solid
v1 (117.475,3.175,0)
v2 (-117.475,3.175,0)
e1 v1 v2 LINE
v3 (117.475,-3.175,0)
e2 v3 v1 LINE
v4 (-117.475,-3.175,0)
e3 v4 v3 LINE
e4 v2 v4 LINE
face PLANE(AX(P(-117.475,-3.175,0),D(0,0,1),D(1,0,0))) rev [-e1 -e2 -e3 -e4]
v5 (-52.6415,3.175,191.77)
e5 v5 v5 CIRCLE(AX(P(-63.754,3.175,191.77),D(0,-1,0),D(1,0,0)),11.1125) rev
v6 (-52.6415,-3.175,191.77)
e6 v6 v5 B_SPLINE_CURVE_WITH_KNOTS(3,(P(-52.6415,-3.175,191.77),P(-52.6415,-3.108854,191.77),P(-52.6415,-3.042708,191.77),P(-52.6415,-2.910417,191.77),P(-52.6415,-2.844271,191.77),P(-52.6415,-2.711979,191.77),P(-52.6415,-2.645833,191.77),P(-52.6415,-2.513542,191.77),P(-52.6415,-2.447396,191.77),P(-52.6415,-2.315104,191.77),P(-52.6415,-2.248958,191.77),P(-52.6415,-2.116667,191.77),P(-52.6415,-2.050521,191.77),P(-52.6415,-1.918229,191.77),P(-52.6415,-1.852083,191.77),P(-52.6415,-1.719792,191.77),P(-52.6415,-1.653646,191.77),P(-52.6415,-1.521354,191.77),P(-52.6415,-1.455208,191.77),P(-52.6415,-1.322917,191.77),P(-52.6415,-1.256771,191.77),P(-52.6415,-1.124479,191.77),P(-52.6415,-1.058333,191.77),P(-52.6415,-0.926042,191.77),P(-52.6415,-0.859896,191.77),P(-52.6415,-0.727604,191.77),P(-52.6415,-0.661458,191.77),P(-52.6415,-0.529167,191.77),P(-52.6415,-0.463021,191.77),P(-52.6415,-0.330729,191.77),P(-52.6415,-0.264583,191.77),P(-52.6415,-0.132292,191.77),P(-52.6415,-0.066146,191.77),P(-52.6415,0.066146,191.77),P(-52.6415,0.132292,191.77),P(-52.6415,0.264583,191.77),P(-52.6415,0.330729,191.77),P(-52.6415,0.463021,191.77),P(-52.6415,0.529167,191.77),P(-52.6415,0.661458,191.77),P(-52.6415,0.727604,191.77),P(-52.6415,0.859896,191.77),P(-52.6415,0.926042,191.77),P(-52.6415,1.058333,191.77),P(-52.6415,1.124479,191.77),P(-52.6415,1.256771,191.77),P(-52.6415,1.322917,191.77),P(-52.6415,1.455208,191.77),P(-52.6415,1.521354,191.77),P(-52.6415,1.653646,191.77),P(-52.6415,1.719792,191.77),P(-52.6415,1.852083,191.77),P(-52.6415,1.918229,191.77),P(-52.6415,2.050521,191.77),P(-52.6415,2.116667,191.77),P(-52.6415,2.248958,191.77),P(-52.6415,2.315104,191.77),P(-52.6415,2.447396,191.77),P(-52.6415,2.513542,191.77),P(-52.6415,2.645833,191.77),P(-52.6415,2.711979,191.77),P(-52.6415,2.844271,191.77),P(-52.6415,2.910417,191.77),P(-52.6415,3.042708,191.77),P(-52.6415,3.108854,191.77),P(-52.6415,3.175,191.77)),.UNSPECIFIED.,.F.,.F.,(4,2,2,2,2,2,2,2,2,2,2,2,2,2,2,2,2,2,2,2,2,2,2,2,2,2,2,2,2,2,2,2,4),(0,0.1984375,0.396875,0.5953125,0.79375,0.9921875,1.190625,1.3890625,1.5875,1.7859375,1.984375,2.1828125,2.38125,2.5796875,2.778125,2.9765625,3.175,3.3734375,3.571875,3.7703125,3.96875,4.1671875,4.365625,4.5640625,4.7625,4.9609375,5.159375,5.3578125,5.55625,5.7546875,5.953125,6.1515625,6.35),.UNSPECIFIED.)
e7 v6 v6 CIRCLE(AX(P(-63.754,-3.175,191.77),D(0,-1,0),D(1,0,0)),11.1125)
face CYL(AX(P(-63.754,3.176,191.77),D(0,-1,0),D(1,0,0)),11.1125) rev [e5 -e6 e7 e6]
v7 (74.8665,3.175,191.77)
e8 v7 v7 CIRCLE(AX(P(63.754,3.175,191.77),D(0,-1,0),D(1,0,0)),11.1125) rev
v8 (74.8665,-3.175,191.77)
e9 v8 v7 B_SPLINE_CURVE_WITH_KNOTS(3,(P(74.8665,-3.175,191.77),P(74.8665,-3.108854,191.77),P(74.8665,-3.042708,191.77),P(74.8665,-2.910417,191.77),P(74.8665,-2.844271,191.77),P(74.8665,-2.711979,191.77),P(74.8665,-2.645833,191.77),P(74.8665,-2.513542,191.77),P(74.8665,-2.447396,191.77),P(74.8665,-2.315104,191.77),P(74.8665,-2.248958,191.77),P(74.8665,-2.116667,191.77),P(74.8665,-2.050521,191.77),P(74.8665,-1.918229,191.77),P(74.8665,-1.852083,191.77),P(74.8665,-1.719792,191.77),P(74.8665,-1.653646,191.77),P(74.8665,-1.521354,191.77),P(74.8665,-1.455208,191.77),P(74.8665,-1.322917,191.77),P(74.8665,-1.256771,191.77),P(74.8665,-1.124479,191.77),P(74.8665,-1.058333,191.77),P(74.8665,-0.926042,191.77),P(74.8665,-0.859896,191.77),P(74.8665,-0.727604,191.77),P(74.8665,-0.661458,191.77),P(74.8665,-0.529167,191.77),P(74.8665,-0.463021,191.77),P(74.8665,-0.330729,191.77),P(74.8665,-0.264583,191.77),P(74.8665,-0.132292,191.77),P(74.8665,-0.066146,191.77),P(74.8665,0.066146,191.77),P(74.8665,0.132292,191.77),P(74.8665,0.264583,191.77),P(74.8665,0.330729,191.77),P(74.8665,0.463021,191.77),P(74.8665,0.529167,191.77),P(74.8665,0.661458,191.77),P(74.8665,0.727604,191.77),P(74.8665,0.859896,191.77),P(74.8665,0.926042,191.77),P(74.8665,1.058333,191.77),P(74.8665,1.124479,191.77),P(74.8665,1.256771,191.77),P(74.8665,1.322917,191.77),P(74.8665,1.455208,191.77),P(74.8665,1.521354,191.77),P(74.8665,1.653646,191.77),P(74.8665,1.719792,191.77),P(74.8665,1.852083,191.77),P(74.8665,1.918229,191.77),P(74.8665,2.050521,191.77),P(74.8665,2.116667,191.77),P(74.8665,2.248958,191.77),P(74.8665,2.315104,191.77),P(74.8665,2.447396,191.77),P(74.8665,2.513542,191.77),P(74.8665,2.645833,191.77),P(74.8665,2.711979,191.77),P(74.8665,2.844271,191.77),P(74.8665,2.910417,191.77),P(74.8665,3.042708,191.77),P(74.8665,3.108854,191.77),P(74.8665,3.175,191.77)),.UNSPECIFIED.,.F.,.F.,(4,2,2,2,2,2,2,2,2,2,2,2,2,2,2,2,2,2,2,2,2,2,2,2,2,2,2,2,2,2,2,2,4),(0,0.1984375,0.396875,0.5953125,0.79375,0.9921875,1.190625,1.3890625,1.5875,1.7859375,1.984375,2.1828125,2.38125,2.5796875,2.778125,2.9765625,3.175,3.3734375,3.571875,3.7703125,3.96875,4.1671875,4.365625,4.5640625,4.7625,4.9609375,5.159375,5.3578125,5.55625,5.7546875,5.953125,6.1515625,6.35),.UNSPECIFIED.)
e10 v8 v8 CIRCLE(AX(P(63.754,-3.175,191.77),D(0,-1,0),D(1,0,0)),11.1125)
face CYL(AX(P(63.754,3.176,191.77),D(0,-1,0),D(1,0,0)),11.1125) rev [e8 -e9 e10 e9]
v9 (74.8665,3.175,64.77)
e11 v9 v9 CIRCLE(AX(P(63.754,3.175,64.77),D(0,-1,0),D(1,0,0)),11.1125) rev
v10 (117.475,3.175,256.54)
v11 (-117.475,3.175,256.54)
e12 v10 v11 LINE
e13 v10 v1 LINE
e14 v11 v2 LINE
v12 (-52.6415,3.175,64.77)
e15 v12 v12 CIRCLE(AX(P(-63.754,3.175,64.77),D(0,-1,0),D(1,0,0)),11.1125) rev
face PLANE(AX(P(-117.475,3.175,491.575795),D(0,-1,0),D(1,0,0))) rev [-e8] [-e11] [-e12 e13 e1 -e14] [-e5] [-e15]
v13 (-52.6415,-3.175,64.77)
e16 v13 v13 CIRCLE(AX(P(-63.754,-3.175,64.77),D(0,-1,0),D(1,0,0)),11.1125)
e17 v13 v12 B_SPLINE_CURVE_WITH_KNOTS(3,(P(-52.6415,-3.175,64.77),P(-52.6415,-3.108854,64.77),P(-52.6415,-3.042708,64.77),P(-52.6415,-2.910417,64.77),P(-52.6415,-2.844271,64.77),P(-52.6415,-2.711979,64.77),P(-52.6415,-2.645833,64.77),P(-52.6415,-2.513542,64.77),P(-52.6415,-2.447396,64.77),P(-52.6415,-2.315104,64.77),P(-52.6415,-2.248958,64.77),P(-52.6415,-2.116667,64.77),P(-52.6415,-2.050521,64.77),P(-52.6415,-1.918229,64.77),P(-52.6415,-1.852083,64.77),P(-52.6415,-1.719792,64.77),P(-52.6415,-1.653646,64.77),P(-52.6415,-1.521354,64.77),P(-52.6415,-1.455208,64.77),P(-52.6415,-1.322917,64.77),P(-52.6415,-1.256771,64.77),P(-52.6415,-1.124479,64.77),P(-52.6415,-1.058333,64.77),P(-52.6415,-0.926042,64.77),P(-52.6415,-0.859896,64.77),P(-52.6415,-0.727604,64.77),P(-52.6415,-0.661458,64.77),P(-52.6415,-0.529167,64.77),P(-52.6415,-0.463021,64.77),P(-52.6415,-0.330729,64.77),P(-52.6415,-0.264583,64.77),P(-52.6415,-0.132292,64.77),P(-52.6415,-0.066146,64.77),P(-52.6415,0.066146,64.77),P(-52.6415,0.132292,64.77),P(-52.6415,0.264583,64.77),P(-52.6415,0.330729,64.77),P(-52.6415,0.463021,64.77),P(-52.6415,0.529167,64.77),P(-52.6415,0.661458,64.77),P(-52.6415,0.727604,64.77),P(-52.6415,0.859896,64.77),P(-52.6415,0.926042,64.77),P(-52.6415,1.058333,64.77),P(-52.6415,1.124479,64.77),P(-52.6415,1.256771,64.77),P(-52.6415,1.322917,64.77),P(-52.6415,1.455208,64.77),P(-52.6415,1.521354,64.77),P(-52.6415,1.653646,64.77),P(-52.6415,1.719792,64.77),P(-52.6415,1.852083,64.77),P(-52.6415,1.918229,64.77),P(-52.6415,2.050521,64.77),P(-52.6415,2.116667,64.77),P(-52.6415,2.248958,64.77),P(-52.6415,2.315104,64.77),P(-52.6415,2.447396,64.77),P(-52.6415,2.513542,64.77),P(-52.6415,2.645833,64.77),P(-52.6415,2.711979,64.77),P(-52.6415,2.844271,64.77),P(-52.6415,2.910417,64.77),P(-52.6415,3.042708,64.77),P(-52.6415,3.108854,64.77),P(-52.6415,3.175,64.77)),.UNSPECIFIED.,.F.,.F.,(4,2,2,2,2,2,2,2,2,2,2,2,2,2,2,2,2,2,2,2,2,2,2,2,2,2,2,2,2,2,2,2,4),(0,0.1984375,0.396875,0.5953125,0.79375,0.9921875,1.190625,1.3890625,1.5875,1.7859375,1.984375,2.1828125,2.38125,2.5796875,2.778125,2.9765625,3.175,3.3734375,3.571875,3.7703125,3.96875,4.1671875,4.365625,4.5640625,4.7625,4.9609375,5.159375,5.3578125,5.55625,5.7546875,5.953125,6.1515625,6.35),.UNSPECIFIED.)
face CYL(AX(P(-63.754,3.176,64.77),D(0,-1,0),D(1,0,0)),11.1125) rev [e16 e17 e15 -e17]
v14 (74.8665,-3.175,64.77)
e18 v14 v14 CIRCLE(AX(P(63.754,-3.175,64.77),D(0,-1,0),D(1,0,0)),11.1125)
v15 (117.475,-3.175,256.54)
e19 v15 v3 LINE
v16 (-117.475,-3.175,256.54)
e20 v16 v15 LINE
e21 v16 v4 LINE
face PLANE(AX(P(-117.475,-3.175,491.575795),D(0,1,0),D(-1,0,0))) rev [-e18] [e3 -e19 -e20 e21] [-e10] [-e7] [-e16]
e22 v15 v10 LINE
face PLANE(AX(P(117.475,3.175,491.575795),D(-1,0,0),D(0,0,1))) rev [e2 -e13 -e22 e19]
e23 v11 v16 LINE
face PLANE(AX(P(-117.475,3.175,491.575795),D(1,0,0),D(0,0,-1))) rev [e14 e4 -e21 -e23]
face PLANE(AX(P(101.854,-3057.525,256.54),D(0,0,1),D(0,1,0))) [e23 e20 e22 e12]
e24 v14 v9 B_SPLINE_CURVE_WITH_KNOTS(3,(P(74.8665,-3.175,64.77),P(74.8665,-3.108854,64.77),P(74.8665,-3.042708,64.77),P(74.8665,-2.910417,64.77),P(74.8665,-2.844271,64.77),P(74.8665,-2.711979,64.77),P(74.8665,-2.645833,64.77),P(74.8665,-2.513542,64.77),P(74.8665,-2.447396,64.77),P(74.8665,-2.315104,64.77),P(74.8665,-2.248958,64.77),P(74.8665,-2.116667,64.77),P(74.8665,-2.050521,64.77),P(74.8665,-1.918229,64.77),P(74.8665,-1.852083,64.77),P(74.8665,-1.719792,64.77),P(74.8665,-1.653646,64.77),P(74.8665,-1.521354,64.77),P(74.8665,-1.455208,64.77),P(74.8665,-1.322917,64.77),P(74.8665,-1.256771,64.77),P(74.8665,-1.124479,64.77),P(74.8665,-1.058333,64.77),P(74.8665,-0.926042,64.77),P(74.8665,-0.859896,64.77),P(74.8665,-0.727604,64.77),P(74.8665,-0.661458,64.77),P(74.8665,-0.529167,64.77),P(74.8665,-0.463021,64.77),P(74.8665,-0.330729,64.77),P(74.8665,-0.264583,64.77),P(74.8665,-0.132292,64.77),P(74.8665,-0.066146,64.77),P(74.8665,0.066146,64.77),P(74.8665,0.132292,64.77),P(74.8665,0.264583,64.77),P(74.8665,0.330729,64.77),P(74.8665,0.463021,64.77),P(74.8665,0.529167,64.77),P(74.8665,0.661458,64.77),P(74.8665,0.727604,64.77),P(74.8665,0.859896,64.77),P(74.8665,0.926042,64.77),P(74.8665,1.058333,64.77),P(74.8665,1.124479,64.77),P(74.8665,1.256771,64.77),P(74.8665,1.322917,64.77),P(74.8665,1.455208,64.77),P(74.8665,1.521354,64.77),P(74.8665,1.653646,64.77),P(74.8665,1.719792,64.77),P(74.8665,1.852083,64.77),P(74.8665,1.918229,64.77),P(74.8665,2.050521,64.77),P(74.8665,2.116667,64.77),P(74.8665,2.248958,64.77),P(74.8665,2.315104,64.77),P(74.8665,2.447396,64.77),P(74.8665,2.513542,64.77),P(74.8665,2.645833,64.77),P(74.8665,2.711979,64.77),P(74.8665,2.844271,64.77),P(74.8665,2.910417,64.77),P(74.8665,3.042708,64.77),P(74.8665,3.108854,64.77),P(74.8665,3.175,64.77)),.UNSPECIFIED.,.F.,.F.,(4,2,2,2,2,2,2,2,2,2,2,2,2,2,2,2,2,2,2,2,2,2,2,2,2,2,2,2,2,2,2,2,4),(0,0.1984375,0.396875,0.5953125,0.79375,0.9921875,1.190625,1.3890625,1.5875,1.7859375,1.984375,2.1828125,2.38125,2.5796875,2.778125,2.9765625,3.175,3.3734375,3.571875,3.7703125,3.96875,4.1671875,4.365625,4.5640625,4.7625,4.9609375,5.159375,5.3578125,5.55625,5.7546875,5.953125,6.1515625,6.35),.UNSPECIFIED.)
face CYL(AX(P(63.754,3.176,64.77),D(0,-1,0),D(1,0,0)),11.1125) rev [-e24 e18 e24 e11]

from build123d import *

# Parameters (mm, degrees)
SKETCH1_W           = 234.95
SKETCH1_H           = 6.35
BOSS_EXTRUDE1_DEPTH = 256.54
CUT_EXTRUDE1_REACH  = 284.229
SKETCH2_R           = 11.1125


with BuildPart() as part:
    # Sketch1 → Boss-Extrude1 (new body)
    with BuildSketch(Plane.XY):
        Rectangle(SKETCH1_W, SKETCH1_H)
    extrude(amount=BOSS_EXTRUDE1_DEPTH)

    # Sketch2 → Cut-Extrude1 (cut, up to next)
    with BuildSketch(Plane.XZ.offset(3.175), mode=Mode.PRIVATE) as cut_extrude1_sk1:
        with Locations((-63.754, 191.77)):
            Circle(SKETCH2_R)
    cut_extrude1_tool1 = extrude(cut_extrude1_sk1.sketch, amount=-CUT_EXTRUDE1_REACH, mode=Mode.PRIVATE) & part.part
    # Sketch2 → Cut-Extrude1 (cut, up to next)
    with BuildSketch(Plane.XZ.offset(3.175), mode=Mode.PRIVATE) as cut_extrude1_sk2:
        with Locations((-63.754, 64.77)):
            Circle(SKETCH2_R)
    cut_extrude1_tool2 = extrude(cut_extrude1_sk2.sketch, amount=-CUT_EXTRUDE1_REACH, mode=Mode.PRIVATE) & part.part
    # Sketch2 → Cut-Extrude1 (cut, up to next)
    with BuildSketch(Plane.XZ.offset(3.175), mode=Mode.PRIVATE) as cut_extrude1_sk3:
        with Locations((63.754, 64.77)):
            Circle(SKETCH2_R)
    cut_extrude1_tool3 = extrude(cut_extrude1_sk3.sketch, amount=-CUT_EXTRUDE1_REACH, mode=Mode.PRIVATE) & part.part
    # Sketch2 → Cut-Extrude1 (cut, up to next)
    with BuildSketch(Plane.XZ.offset(3.175), mode=Mode.PRIVATE) as cut_extrude1_sk4:
        with Locations((63.754, 191.77)):
            Circle(SKETCH2_R)
    cut_extrude1_tool4 = extrude(cut_extrude1_sk4.sketch, amount=-CUT_EXTRUDE1_REACH, mode=Mode.PRIVATE) & part.part
    add(cut_extrude1_tool1.solids().sort_by_distance((-63.754, -3.175, 191.77))[0], mode=Mode.SUBTRACT)
    add(cut_extrude1_tool2.solids().sort_by_distance((-63.754, -3.175, 64.77))[0], mode=Mode.SUBTRACT)
    add(cut_extrude1_tool3.solids().sort_by_distance((63.754, -3.175, 64.77))[0], mode=Mode.SUBTRACT)
    add(cut_extrude1_tool4.solids().sort_by_distance((63.754, -3.175, 191.77))[0], mode=Mode.SUBTRACT)


solid = part.part
